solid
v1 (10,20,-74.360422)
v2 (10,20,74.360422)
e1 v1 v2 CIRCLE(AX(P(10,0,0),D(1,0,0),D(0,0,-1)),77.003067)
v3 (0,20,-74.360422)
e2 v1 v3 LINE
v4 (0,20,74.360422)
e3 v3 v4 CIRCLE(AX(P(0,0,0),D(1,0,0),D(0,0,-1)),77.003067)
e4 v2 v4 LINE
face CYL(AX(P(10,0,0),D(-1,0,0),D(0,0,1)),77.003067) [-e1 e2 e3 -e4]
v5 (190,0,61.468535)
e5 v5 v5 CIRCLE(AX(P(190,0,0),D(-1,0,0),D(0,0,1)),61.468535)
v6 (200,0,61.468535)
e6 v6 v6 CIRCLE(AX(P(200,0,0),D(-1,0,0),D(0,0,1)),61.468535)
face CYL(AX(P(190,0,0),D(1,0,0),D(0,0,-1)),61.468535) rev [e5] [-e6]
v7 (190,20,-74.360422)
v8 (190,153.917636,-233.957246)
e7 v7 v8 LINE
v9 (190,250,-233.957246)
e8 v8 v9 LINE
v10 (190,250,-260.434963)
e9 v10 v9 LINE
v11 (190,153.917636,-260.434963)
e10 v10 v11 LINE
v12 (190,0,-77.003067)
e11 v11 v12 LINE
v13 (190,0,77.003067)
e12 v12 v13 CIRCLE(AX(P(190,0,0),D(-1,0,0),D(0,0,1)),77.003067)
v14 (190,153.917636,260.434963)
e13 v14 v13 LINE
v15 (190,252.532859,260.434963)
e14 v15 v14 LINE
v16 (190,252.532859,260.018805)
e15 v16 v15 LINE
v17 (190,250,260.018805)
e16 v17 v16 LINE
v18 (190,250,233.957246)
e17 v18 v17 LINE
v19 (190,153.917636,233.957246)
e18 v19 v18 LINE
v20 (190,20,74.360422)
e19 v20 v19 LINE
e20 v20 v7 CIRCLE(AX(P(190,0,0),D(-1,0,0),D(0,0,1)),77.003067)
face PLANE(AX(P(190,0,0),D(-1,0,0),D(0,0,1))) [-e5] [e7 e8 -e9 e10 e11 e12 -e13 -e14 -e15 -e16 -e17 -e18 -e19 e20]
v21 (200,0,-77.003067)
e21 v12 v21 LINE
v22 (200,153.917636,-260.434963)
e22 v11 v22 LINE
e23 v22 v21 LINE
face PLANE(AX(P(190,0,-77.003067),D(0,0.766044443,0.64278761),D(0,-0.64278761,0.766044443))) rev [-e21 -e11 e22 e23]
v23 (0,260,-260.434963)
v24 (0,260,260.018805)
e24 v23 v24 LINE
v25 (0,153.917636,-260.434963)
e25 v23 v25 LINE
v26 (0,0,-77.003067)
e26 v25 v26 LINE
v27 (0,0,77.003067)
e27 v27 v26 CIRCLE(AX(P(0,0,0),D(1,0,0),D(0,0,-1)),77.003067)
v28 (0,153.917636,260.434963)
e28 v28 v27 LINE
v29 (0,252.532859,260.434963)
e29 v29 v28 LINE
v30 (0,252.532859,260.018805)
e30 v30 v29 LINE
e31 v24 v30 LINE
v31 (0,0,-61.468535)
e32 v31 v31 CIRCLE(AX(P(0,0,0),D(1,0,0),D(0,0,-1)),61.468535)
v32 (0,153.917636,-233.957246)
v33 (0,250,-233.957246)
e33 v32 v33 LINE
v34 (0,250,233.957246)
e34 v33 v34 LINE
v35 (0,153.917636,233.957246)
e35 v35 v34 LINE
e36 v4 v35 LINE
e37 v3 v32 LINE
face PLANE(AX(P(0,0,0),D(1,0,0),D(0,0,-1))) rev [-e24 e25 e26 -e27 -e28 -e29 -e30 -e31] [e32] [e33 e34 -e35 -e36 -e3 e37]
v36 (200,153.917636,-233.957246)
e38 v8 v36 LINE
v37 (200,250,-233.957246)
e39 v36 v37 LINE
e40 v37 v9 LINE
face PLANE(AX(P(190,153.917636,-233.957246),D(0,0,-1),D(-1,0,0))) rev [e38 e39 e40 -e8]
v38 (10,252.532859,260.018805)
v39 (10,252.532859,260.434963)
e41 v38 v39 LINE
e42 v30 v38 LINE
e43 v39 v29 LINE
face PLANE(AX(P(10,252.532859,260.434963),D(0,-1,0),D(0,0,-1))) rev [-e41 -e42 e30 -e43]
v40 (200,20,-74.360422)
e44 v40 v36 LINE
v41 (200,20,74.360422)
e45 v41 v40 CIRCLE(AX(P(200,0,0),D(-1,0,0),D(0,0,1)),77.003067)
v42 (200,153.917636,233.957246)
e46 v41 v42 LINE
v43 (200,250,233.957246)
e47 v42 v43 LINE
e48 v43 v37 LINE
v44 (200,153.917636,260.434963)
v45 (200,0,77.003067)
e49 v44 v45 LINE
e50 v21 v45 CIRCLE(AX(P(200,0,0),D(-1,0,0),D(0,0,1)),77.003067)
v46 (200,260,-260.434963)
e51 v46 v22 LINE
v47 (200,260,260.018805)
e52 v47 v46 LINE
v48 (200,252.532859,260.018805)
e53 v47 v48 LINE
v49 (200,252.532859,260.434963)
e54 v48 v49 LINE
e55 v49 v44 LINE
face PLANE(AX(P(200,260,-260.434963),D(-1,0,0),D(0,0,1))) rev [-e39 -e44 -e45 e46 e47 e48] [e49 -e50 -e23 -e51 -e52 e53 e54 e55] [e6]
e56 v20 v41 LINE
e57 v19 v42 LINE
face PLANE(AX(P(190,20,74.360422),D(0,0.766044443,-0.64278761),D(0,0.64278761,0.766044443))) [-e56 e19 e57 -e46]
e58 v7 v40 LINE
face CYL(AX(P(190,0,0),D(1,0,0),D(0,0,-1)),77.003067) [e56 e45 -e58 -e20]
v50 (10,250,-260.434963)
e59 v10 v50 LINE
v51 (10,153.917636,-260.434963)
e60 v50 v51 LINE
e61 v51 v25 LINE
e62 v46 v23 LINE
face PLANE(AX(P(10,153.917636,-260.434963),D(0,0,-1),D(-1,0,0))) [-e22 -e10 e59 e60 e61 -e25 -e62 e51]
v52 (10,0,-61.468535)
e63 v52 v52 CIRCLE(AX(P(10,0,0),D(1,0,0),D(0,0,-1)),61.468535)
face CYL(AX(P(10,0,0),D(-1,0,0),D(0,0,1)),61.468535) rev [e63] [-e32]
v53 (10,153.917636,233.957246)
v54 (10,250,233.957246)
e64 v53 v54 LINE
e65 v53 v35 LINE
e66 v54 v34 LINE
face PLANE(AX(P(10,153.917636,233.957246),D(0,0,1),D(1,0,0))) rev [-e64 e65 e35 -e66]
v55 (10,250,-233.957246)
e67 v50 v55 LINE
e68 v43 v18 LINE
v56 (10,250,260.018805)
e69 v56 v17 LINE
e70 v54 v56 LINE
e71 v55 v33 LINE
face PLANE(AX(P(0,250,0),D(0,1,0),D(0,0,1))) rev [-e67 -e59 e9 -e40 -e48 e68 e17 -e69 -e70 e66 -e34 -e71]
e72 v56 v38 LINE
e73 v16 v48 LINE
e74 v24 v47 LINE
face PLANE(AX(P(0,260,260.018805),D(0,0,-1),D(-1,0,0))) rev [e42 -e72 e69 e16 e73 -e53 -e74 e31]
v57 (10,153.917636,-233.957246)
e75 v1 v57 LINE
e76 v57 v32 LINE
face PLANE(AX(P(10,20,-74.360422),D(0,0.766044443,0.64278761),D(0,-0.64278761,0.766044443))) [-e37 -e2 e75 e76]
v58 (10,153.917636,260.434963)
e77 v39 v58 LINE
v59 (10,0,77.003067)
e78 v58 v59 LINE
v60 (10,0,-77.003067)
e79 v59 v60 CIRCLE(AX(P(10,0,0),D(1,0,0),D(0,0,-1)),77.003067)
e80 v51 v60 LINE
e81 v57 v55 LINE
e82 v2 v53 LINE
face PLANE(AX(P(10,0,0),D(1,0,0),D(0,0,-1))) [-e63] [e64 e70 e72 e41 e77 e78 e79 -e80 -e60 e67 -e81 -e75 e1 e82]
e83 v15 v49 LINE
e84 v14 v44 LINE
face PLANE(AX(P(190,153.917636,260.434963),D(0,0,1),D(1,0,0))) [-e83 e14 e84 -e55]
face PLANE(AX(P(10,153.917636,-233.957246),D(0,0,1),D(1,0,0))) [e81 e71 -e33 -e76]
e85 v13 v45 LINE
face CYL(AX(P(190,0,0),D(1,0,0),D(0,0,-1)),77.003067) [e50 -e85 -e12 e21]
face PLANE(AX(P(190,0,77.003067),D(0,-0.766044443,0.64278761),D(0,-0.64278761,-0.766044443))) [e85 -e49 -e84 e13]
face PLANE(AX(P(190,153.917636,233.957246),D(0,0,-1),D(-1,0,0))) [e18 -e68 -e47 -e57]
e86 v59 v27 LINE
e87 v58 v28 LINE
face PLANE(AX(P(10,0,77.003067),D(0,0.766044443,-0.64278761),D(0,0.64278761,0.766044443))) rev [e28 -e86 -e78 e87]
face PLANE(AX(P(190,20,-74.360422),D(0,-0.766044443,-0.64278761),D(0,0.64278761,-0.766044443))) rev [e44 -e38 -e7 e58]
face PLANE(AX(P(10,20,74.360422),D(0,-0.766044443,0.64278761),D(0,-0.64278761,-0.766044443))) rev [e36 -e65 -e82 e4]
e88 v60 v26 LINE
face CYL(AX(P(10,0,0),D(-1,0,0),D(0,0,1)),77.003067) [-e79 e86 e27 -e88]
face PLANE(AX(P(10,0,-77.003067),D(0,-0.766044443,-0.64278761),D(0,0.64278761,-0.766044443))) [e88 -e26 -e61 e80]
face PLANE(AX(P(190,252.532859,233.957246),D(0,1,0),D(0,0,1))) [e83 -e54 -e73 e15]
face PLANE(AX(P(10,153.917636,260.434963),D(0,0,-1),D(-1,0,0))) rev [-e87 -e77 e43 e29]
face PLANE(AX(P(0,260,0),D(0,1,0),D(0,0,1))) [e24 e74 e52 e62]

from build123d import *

# Parameters (mm, degrees)
SKETCH1_R           = 77.003067154
SKETCH1_R_2         = 61.468535345
BOSS_EXTRUDE1_DEPTH = 10
BOSS_EXTRUDE2_DEPTH = 10
SKETCH3_W           = 26.477717066
SKETCH3_H           = 98.615222644
BOSS_EXTRUDE3_DEPTH = 10
SKETCH5_R           = 77.003067154
SKETCH5_R_2         = 61.468535345
BOSS_EXTRUDE4_DEPTH = 10
BOSS_EXTRUDE5_START = 10
BOSS_EXTRUDE5_DEPTH = 10
SKETCH8_W           = 26.477717066
SKETCH8_H           = 98.615222644
BOSS_EXTRUDE6_DEPTH = 10
SKETCH9_W           = 200
SKETCH9_H           = 520.453768192
BOSS_EXTRUDE7_DEPTH = 10


with BuildPart() as part:
    # Sketch1 → Boss-Extrude1 (new body)
    with BuildSketch(Plane(origin=(0, 0, 0), x_dir=(0, 0, -1), z_dir=(1, 0, 0))):
        Circle(SKETCH1_R)
        Circle(SKETCH1_R_2, mode=Mode.SUBTRACT)
    extrude(amount=BOSS_EXTRUDE1_DEPTH)

    # Sketch2 → Boss-Extrude2 (add)
    with BuildSketch(Plane(origin=(0, 0, 0), x_dir=(0, 0, -1), z_dir=(1, 0, 0))):
        with BuildLine():
            Line((-74.36042194, 20), (-233.957245684, 153.917635941))
            Line((-233.957245684, 153.917635941), (-260.43496275, 153.917635941))
            Line((-260.43496275, 153.917635941), (-77.003067154, 0))
            ThreePointArc((-77.003067154, 0), (-76.339547141, 10.086916944), (-74.36042194, 20))
        make_face()
    boss_extrude2 = extrude(amount=BOSS_EXTRUDE2_DEPTH)

    # Sketch3 → Boss-Extrude3 (add)
    with BuildSketch(Plane(origin=(0, 0, 0), x_dir=(0, 0, -1), z_dir=(1, 0, 0))):
        with Locations((-247.196104217, 203.225247263)):
            Rectangle(SKETCH3_W, SKETCH3_H)
    boss_extrude3 = extrude(amount=BOSS_EXTRUDE3_DEPTH)

    # Mirror2: Boss-Extrude2, Boss-Extrude3 across plane
    add(boss_extrude2.mirror(Plane.XY))
    add(boss_extrude3.mirror(Plane.XY))



with BuildPart() as body_2:
    # Sketch5 → Boss-Extrude4 (new body)
    with BuildSketch(Plane.ZY.offset(-200)):
        Circle(SKETCH5_R)
        with Locations(Location((0, 0, 0), (0, 0, 180))):
            Circle(SKETCH5_R_2, mode=Mode.SUBTRACT)
    extrude(amount=BOSS_EXTRUDE4_DEPTH)

    # Sketch7 → Boss-Extrude5 (add)
    with BuildSketch(Plane.ZY.offset(-200).offset(BOSS_EXTRUDE5_START)):
        with BuildLine():
            Line((-74.36042194, 20), (-233.957245684, 153.917635941))
            Line((-233.957245684, 153.917635941), (-260.43496275, 153.917635941))
            Line((-260.43496275, 153.917635941), (-77.003067154, 0))
            ThreePointArc((-77.003067154, 0), (-76.339547141, 10.086916944), (-74.36042194, 20))
        make_face()
    boss_extrude5 = extrude(amount=-BOSS_EXTRUDE5_DEPTH)

    # Sketch8 → Boss-Extrude6 (add)
    with BuildSketch(Plane.ZY.offset(-200)):
        with Locations((-247.196104217, 203.225247263)):
            Rectangle(SKETCH8_W, SKETCH8_H)
    boss_extrude6 = extrude(amount=BOSS_EXTRUDE6_DEPTH)

    # Mirror5: Boss-Extrude5 across plane
    add(boss_extrude5.mirror(Plane.XY))

    # Mirror6: Boss-Extrude6 across plane
    add(boss_extrude6.mirror(Plane.XY))


with BuildPart() as part_1:
    add(part.part)

    add(body_2.part)  # Boss-Extrude7 merges body 2
    # Sketch9 → Boss-Extrude7 (add)
    with BuildSketch(Plane(origin=(0, 250, 0), x_dir=(1, 0, 0), z_dir=(0, 1, 0))):
        with Locations((100, 0.208078654)):
            Rectangle(SKETCH9_W, SKETCH9_H)
    extrude(amount=BOSS_EXTRUDE7_DEPTH)


solid = part_1.part
